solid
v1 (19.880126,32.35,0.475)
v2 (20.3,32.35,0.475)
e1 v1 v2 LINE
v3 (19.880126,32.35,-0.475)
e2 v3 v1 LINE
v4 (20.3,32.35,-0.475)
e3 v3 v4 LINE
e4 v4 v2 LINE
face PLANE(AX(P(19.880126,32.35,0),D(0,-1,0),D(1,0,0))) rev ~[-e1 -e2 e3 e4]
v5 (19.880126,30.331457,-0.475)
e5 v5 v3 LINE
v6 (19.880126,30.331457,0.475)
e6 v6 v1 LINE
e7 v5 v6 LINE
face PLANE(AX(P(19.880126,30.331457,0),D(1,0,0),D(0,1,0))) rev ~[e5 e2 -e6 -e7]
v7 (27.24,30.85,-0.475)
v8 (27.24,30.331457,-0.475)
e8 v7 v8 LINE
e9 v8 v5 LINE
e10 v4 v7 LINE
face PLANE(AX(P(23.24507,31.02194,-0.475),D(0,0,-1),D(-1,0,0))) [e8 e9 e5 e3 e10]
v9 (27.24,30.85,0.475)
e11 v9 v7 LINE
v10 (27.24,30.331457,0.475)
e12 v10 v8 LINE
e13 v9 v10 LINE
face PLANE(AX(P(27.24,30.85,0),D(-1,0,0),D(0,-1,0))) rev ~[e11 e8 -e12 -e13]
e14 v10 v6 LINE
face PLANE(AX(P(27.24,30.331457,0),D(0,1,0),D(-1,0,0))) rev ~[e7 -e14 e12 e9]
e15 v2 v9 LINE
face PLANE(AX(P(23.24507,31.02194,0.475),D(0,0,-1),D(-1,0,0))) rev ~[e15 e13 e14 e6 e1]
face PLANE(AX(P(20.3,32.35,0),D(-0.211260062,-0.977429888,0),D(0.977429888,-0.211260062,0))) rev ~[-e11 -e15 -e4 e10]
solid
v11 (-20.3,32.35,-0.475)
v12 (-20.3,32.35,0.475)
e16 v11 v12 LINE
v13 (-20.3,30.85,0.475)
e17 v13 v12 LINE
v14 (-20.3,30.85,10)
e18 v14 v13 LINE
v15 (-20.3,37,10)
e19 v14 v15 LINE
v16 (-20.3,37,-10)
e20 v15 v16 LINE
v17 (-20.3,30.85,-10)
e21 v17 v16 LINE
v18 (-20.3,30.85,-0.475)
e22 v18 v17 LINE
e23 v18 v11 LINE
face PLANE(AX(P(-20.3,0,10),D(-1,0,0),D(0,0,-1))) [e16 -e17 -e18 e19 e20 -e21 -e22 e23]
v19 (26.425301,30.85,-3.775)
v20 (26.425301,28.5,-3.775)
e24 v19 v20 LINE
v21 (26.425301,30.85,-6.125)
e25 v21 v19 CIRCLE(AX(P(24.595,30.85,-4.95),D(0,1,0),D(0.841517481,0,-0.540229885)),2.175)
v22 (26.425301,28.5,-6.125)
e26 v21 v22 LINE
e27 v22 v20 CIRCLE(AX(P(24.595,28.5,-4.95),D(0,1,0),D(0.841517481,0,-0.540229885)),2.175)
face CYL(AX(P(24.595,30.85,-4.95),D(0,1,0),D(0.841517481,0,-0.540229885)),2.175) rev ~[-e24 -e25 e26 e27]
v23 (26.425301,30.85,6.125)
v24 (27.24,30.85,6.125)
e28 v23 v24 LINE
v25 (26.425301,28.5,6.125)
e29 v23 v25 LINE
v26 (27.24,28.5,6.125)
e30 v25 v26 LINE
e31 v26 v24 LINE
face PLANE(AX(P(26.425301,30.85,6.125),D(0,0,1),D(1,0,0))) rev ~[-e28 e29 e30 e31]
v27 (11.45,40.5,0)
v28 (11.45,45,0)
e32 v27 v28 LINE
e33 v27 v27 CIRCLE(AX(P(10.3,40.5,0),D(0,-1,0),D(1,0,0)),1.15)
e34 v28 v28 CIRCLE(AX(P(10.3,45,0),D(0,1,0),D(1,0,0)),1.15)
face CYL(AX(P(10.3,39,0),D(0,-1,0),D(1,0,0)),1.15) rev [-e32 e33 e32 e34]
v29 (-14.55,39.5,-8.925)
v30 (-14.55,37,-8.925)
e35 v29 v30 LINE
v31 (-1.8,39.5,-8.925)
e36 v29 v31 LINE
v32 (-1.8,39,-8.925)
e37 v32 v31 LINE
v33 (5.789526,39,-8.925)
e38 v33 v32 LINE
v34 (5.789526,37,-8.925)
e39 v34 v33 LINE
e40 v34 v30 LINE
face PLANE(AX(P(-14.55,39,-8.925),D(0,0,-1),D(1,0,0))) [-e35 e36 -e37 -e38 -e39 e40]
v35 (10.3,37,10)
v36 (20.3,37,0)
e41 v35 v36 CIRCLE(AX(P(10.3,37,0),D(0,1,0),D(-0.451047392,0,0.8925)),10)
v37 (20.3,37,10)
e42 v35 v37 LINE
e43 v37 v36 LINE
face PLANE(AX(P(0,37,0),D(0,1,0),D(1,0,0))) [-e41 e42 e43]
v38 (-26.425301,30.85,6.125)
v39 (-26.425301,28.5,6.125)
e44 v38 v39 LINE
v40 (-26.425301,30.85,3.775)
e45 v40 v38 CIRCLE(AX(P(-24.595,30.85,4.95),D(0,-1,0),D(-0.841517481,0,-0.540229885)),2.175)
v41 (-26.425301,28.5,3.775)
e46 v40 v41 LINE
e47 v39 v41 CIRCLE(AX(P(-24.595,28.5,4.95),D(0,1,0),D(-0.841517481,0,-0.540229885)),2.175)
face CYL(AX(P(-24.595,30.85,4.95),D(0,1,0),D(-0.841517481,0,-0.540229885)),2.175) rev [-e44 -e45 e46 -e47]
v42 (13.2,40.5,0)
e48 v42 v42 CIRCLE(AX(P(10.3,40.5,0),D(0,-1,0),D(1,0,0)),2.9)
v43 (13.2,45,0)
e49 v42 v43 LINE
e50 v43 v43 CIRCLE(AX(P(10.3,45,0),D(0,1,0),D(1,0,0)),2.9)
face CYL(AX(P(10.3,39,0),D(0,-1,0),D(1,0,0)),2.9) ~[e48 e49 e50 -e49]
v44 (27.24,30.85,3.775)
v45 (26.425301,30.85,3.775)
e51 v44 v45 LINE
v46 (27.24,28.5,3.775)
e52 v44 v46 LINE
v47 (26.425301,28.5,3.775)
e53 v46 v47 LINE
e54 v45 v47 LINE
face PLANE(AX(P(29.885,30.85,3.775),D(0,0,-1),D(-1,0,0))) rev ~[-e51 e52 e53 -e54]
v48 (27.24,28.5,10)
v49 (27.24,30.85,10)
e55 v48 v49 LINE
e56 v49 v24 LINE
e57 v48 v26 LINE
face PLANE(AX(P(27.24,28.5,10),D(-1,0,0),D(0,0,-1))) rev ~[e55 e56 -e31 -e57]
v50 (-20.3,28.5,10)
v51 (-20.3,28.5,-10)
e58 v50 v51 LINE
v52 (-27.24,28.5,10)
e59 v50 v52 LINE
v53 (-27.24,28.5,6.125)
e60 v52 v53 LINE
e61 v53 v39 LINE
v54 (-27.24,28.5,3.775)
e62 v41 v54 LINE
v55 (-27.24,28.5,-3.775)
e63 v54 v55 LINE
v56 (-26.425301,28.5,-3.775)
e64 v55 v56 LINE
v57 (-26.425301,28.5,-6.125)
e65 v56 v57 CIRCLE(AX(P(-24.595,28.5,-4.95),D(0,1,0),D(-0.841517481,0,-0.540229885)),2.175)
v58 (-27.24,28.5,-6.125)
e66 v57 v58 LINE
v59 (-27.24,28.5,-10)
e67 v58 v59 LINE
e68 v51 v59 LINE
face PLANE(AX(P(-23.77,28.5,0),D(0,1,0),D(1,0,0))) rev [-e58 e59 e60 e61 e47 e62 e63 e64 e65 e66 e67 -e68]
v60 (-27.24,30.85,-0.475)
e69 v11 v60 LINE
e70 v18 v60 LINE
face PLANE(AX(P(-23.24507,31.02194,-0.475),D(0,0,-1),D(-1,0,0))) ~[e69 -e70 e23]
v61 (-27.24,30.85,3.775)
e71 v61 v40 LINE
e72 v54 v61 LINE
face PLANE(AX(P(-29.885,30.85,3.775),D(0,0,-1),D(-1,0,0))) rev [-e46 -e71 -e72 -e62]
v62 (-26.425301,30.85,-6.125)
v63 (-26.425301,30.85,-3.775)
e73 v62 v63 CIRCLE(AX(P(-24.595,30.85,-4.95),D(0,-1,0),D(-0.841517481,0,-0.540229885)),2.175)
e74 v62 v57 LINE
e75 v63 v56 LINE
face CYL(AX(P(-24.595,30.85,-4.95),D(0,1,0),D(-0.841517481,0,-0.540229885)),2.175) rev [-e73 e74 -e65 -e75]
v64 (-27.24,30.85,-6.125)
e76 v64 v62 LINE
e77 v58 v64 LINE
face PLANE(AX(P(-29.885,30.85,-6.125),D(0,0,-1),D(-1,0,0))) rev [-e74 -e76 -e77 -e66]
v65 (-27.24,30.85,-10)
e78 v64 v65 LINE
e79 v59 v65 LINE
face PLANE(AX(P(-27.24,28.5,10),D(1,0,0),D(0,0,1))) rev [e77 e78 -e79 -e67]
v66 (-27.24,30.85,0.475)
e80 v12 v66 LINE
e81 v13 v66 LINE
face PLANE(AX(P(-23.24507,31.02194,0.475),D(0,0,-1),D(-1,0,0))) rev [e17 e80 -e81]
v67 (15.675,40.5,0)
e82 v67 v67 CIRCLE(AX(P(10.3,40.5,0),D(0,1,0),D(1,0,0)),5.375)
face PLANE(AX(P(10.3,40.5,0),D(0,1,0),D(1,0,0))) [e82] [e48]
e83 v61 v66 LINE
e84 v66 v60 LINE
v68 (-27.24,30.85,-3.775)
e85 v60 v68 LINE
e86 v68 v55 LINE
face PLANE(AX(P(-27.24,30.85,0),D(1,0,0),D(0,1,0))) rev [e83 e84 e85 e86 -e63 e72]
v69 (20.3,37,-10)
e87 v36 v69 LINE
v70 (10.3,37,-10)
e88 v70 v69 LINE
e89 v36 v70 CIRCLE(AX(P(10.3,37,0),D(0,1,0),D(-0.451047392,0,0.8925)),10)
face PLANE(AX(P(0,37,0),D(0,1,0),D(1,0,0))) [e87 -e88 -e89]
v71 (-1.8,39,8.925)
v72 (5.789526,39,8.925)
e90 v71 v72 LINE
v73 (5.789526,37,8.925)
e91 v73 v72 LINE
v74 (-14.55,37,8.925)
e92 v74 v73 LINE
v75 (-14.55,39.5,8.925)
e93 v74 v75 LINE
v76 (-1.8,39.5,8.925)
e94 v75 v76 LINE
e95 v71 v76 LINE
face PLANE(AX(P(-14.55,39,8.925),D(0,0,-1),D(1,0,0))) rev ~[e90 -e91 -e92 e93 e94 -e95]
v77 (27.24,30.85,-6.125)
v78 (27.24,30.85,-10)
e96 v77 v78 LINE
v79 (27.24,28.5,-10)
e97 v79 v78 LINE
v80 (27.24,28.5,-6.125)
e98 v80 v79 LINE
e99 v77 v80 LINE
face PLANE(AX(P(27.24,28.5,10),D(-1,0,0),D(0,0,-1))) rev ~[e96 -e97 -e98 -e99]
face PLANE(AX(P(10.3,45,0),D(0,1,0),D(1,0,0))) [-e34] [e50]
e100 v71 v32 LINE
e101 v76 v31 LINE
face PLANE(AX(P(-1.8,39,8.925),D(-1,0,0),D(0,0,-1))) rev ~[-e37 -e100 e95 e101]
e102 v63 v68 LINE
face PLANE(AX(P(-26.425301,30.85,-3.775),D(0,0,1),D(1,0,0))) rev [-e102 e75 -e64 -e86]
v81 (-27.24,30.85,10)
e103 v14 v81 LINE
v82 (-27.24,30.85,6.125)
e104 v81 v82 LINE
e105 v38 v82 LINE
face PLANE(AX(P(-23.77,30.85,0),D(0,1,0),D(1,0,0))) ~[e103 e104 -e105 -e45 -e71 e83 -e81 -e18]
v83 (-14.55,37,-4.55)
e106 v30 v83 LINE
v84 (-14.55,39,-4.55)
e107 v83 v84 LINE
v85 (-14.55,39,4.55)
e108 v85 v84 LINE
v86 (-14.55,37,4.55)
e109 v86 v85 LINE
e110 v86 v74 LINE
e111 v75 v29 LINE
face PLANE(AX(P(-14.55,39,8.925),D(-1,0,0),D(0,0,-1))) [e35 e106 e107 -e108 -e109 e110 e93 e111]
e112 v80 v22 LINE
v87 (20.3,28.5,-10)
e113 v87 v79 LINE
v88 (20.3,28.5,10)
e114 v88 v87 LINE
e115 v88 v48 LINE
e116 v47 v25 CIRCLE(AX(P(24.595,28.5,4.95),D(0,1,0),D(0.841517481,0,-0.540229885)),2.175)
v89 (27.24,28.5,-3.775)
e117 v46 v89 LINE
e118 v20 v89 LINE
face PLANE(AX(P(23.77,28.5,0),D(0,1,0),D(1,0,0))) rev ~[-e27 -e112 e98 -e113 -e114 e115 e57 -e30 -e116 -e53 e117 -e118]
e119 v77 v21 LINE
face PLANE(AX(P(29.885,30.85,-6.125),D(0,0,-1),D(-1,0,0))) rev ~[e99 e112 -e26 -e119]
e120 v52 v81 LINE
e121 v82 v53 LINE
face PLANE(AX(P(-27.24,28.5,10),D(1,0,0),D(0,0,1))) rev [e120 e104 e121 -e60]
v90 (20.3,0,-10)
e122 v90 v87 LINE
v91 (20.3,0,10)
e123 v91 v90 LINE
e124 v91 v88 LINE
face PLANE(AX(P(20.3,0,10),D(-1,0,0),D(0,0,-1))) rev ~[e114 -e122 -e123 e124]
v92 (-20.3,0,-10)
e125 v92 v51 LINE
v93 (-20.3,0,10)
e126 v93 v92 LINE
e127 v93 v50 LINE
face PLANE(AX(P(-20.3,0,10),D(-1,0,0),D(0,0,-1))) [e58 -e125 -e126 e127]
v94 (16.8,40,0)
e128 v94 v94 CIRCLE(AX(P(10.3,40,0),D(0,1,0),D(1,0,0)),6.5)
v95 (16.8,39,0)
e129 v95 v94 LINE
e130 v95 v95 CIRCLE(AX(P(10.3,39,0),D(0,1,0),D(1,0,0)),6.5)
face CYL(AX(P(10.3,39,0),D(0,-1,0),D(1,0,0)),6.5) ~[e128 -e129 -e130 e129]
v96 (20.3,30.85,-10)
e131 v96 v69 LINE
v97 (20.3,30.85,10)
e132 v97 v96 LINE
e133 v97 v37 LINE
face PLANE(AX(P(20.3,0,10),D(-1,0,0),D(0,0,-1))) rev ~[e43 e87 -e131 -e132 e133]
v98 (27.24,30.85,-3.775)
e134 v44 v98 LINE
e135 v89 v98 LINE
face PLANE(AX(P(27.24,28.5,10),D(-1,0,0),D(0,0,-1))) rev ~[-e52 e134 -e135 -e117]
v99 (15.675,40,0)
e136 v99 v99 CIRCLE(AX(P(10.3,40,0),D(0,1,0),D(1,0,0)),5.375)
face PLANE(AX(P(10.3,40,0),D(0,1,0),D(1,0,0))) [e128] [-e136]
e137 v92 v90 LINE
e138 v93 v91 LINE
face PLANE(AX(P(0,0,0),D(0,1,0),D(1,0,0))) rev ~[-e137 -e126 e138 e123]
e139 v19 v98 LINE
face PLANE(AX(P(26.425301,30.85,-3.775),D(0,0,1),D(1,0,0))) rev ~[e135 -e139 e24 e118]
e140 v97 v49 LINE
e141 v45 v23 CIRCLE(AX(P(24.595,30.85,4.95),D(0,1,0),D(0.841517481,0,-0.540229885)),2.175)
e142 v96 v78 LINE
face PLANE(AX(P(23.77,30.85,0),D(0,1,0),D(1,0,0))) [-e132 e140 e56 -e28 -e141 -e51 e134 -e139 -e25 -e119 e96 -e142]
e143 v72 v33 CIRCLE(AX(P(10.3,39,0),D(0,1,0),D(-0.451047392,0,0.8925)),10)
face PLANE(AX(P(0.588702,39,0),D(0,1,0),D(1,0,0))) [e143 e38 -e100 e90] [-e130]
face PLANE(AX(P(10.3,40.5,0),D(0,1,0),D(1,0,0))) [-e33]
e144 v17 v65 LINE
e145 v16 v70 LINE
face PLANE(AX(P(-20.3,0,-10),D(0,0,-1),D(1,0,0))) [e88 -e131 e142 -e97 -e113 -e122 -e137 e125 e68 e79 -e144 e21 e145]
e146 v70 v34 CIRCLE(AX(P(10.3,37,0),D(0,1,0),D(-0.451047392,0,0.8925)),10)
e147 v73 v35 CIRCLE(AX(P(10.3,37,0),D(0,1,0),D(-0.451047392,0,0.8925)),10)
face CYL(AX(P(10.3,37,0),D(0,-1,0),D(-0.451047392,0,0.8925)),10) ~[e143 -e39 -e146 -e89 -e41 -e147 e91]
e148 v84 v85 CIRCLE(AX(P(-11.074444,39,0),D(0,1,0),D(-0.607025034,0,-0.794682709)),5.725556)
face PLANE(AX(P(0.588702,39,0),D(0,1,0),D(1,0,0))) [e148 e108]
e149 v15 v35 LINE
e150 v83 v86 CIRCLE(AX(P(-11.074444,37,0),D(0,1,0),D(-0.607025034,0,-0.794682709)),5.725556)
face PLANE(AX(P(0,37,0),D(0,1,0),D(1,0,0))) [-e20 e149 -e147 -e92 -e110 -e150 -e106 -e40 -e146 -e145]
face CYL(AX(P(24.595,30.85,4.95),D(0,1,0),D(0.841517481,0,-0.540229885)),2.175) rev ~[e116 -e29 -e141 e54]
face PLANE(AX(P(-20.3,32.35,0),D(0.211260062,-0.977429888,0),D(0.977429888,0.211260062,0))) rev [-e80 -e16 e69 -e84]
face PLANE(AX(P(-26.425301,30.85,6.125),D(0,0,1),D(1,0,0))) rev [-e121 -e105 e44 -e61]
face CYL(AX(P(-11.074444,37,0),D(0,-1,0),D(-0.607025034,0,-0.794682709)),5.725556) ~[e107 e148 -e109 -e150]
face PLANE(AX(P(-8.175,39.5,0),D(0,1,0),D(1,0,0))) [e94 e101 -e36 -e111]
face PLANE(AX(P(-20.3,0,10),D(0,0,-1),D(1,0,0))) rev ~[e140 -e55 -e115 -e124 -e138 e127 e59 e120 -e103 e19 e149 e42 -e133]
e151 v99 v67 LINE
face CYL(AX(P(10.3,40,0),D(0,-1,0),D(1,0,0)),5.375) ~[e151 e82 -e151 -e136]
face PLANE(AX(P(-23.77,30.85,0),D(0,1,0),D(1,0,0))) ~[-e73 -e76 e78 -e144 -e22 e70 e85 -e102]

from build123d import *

# Parameters (mm, degrees)
SKETCH1_W           = 40.6
SKETCH1_H           = 20
BOSS_EXTRUDE1_DEPTH = 37
BOSS_EXTRUDE2_START = 28.5
SKETCH2_W           = 6.94
SKETCH2_H           = 20
BOSS_EXTRUDE2_DEPTH = 2.35
BOSS_EXTRUDE8_DEPTH = 0.475
SKETCH3_W           = 2.645
SKETCH3_H           = 2.35
CUT_EXTRUDE2_DEPTH  = 31.85
BOSS_EXTRUDE4_DEPTH = 2
SKETCH6_W           = 12.75
SKETCH6_H           = 17.85
BOSS_EXTRUDE5_DEPTH = 0.5
SKETCH7_R           = 6.5
BOSS_EXTRUDE6_DEPTH = 1
SKETCH8_R           = 5.375
BOSS_EXTRUDE7_DEPTH = 0.5
BOSS_EXTRUDE3_START = 2
SKETCH4_R           = 2.9
SKETCH4_R_2         = 1.15
BOSS_EXTRUDE3_DEPTH = 6


with BuildPart() as part:
    # Sketch1 → Boss-Extrude1 (new body)
    with BuildSketch(Plane(origin=(0, 0, 0), x_dir=(1, 0, 0), z_dir=(0, 1, 0))):
        Rectangle(SKETCH1_W, SKETCH1_H)
    extrude(amount=BOSS_EXTRUDE1_DEPTH)

    # Sketch2 → Boss-Extrude2 (add)
    with BuildSketch(Plane(origin=(0, 0, 0), x_dir=(1, 0, 0), z_dir=(0, 1, 0)).offset(BOSS_EXTRUDE2_START)):
        with Locations((23.77, 0)):
            Rectangle(SKETCH2_W, SKETCH2_H)
    boss_extrude2 = extrude(amount=BOSS_EXTRUDE2_DEPTH)

    # Sketch3 → Cut-Extrude2 (cut, through all)
    with BuildSketch(Plane(origin=(0, 30.85, 0), x_dir=(1, 0, 0), z_dir=(0, 1, 0))):
        with BuildLine():
            ThreePointArc((26.425300522, 6.125), (22.42, 4.95), (26.425300522, 3.775))
            Line((26.425300522, 3.775), (24.595, 3.775))
            Line((24.595, 3.775), (24.595, 6.125))
            Line((24.595, 6.125), (26.425300522, 6.125))
        make_face()
        with BuildLine():
            Line((24.595, 3.775), (26.425300522, 3.775))
            ThreePointArc((26.425300522, 3.775), (26.682046793, 4.337741327), (26.77, 4.95))
            ThreePointArc((26.77, 4.95), (26.682046793, 5.562258673), (26.425300522, 6.125))
            Line((26.425300522, 6.125), (24.595, 6.125))
            Line((24.595, 6.125), (24.595, 3.775))
        make_face()
        with Locations((28.5625, 4.95)):
            Rectangle(SKETCH3_W, SKETCH3_H)
        with BuildLine():
            Line((26.425300522, 3.775), (27.24, 3.775))
            Line((27.24, 3.775), (27.24, 6.125))
            Line((27.24, 6.125), (26.425300522, 6.125))
            ThreePointArc((26.425300522, 6.125), (26.682046793, 5.562258673), (26.77, 4.95))
            ThreePointArc((26.77, 4.95), (26.682046793, 4.337741327), (26.425300522, 3.775))
        make_face()
        with BuildLine():
            ThreePointArc((26.425300522, -3.775), (22.42, -4.95), (26.425300522, -6.125))
            Line((26.425300522, -6.125), (24.595, -6.125))
            Line((24.595, -6.125), (24.595, -3.775))
            Line((24.595, -3.775), (26.425300522, -3.775))
        make_face()
        with BuildLine():
            Line((24.595, -6.125), (26.425300522, -6.125))
            ThreePointArc((26.425300522, -6.125), (26.682046793, -5.562258673), (26.77, -4.95))
            ThreePointArc((26.77, -4.95), (26.682046793, -4.337741327), (26.425300522, -3.775))
            Line((26.425300522, -3.775), (24.595, -3.775))
            Line((24.595, -3.775), (24.595, -6.125))
        make_face()
        with Locations((28.5625, -4.95)):
            Rectangle(SKETCH3_W, SKETCH3_H)
        with BuildLine():
            Line((26.425300522, -6.125), (27.24, -6.125))
            Line((27.24, -6.125), (27.24, -3.775))
            Line((27.24, -3.775), (26.425300522, -3.775))
            ThreePointArc((26.425300522, -3.775), (26.682046793, -4.337741327), (26.77, -4.95))
            ThreePointArc((26.77, -4.95), (26.682046793, -5.562258673), (26.425300522, -6.125))
        make_face()
    cut_extrude2 = extrude(amount=-CUT_EXTRUDE2_DEPTH, mode=Mode.SUBTRACT)

    # Mirror2: Boss-Extrude2, Cut-Extrude2 across plane
    add(boss_extrude2.mirror(Plane(origin=(0, 0, 0), x_dir=(0, 0, 1), z_dir=(1, 0, 0))))
    add(cut_extrude2.mirror(Plane(origin=(0, 0, 0), x_dir=(0, 0, 1), z_dir=(1, 0, 0))), mode=Mode.SUBTRACT)


with BuildPart() as body_2:
    # Sketch10 → Boss-Extrude8 (new body, symmetric)
    with BuildSketch(Plane.XY):
        Polygon((20.3, 32.35), (27.24, 30.85), (27.24, 30.331456629), (19.880126177, 30.331456629), (19.880126177, 32.35), align=None)
    boss_extrude8 = extrude(amount=BOSS_EXTRUDE8_DEPTH, both=True)


with BuildPart() as part_1:
    add(part.part)

    # Mirror6: Boss-Extrude8 across plane
    add(boss_extrude8.mirror(Plane(origin=(0, 0, 0), x_dir=(0, 0, 1), z_dir=(1, 0, 0))))

    # Sketch5 → Boss-Extrude4 (add)
    with BuildSketch(Plane(origin=(0, 37, 0), x_dir=(1, 0, 0), z_dir=(0, 1, 0))):
        with BuildLine():
            Line((-14.55, -4.55), (-14.55, -8.925))
            Line((-14.55, -8.925), (5.789526078, -8.925))
            ThreePointArc((5.789526078, -8.925), (20.3, 0), (5.789526078, 8.925))
            Line((5.789526078, 8.925), (-14.55, 8.925))
            Line((-14.55, 8.925), (-14.55, 4.55))
            ThreePointArc((-14.55, 4.55), (-16.8, 0), (-14.55, -4.55))
        make_face()
    extrude(amount=BOSS_EXTRUDE4_DEPTH)

    # Sketch6 → Boss-Extrude5 (add)
    with BuildSketch(Plane(origin=(0, 39, 0), x_dir=(1, 0, 0), z_dir=(0, 1, 0))):
        with Locations((-8.175, 0)):
            Rectangle(SKETCH6_W, SKETCH6_H)
    extrude(amount=BOSS_EXTRUDE5_DEPTH)

    # Sketch7 → Boss-Extrude6 (add)
    with BuildSketch(Plane(origin=(0, 39, 0), x_dir=(1, 0, 0), z_dir=(0, 1, 0))):
        with Locations((10.3, 0)):
            Circle(SKETCH7_R)
    extrude(amount=BOSS_EXTRUDE6_DEPTH)

    # Sketch8 → Boss-Extrude7 (add)
    with BuildSketch(Plane(origin=(0, 40, 0), x_dir=(1, 0, 0), z_dir=(0, 1, 0))):
        with Locations((10.3, 0)):
            Circle(SKETCH8_R)
    extrude(amount=BOSS_EXTRUDE7_DEPTH)

    # Sketch4 → Boss-Extrude3 (add)
    with BuildSketch(Plane(origin=(0, 37, 0), x_dir=(1, 0, 0), z_dir=(0, 1, 0)).offset(BOSS_EXTRUDE3_START)):
        with Locations((10.3, 0)):
            Circle(SKETCH4_R)
        with Locations((10.3, 0)):
            Circle(SKETCH4_R_2, mode=Mode.SUBTRACT)
    extrude(amount=BOSS_EXTRUDE3_DEPTH)


solid = Compound([body_2.part, part_1.part])
